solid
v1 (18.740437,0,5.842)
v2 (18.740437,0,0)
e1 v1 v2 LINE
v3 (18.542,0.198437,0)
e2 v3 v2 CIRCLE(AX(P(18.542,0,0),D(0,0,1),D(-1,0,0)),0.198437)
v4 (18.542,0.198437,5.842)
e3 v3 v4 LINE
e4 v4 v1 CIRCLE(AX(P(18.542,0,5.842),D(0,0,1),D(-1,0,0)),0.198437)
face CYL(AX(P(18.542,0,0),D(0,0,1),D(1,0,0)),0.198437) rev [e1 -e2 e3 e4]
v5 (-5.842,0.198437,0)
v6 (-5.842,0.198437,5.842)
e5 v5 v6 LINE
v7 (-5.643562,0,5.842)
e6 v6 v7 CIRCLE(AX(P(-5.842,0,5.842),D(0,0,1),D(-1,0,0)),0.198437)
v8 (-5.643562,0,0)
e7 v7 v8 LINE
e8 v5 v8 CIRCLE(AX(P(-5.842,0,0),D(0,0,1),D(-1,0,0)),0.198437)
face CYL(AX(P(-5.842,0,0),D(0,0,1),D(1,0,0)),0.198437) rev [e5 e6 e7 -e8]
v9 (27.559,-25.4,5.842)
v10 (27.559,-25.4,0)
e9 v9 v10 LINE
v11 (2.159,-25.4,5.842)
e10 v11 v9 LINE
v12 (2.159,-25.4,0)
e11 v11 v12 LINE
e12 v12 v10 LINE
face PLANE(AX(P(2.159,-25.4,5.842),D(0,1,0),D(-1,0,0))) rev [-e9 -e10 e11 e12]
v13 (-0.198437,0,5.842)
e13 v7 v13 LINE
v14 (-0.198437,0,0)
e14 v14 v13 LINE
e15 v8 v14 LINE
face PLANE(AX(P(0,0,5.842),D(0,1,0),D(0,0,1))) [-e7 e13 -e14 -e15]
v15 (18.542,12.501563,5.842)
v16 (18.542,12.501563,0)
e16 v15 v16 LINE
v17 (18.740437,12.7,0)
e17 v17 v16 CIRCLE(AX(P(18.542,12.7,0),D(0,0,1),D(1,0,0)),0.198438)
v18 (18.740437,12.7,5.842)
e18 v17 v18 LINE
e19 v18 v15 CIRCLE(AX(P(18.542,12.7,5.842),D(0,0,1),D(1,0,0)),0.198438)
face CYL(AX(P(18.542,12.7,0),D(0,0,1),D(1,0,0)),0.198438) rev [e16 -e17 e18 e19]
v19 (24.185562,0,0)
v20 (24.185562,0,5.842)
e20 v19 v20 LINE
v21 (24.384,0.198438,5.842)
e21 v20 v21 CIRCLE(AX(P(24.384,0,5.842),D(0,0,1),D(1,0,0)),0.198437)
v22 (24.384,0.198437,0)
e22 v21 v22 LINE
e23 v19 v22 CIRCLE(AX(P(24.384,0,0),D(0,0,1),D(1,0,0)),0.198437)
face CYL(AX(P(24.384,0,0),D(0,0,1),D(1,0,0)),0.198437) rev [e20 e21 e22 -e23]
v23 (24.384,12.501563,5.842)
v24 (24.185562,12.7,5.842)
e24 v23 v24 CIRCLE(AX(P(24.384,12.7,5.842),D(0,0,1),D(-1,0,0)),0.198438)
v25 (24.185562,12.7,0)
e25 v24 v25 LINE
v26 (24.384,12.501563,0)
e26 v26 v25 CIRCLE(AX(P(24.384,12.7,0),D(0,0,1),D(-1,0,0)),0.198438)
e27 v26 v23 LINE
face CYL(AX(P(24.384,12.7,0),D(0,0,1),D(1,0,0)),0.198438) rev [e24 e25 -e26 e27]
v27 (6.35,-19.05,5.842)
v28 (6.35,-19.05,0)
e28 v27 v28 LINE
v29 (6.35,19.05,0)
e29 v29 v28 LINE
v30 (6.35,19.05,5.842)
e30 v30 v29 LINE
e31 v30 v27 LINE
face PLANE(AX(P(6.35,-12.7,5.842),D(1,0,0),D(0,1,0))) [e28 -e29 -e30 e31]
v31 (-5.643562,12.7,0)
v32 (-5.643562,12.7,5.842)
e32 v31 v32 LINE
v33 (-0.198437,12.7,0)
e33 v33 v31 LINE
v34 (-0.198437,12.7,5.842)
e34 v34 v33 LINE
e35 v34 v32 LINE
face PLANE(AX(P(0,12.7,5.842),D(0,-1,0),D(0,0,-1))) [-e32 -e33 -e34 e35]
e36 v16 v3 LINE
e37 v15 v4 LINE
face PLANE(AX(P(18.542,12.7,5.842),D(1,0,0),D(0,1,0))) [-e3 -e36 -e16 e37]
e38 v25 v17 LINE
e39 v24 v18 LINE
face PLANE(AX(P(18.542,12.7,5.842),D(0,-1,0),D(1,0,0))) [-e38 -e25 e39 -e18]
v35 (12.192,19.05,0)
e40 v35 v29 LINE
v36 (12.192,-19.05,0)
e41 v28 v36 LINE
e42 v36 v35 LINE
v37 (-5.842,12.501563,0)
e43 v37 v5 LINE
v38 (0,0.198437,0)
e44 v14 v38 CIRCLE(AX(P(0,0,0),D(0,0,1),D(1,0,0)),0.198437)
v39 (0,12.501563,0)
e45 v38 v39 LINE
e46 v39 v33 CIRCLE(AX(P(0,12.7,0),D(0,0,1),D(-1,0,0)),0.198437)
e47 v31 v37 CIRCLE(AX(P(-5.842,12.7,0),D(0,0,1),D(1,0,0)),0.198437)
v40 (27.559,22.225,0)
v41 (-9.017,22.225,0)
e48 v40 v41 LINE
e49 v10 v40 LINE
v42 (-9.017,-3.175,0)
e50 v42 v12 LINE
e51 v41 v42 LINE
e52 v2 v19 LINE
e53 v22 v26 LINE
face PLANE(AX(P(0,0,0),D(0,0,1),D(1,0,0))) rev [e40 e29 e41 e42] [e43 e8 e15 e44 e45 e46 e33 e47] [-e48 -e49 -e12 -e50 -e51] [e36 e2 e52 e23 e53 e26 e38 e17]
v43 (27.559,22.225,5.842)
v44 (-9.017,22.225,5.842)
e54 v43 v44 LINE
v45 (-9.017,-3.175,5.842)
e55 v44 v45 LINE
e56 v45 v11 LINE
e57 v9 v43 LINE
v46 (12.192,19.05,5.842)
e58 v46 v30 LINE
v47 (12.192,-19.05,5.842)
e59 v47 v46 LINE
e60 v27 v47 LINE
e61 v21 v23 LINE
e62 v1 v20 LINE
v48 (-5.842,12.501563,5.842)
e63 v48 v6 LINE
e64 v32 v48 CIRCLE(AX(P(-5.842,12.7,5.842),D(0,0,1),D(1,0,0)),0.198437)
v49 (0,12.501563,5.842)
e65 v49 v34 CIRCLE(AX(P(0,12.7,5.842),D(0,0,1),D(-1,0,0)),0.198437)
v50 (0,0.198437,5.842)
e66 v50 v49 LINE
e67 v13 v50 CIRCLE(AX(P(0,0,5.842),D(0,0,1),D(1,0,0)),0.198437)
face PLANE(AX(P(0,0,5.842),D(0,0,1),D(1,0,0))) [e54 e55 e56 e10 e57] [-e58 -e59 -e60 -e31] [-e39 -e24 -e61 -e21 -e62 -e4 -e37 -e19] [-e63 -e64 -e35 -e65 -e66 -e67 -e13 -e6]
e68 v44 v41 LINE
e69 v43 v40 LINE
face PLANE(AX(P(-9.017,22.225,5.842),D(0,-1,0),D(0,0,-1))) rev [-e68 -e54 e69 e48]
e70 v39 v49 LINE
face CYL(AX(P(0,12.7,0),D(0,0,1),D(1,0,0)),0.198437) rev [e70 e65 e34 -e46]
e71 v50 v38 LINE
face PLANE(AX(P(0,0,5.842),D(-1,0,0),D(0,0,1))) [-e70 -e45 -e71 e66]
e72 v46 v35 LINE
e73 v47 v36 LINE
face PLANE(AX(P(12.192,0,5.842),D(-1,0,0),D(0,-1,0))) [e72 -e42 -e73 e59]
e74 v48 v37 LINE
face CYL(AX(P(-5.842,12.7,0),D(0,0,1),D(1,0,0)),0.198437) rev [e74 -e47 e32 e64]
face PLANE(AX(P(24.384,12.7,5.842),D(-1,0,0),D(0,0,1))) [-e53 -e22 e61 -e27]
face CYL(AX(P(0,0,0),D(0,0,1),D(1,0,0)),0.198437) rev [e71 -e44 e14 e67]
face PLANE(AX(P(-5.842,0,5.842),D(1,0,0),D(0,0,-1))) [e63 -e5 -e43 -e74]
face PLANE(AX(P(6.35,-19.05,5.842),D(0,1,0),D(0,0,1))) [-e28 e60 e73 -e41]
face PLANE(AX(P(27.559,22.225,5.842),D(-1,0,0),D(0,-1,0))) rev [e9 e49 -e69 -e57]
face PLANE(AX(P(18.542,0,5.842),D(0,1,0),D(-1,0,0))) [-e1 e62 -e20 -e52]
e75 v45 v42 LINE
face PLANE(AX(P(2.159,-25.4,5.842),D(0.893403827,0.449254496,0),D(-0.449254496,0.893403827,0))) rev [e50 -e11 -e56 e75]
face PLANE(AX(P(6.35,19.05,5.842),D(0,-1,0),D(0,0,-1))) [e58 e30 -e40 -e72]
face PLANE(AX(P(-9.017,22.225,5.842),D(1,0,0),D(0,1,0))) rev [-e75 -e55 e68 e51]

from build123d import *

# Parameters (mm, degrees)
SKETCH1_W           = 5.842
SKETCH1_H           = 12.7
BOSS_EXTRUDE1_DEPTH = 5.842
SKETCH2_R           = 0.1984375
CUT_EXTRUDE1_DEPTH  = 5.842


with BuildPart() as part:
    # Sketch1 → Boss-Extrude1 (new body)
    with BuildSketch(Plane.XY):
        Polygon((2.159, -25.4), (-9.017, -3.175), (-9.017, 22.225), (6.35, 22.225), (12.192, 22.225), (27.559, 22.225), (27.559, -25.4), align=None)
        with Locations((-2.921, 6.35)):
            Rectangle(SKETCH1_W, SKETCH1_H, mode=Mode.SUBTRACT)
        Polygon((12.192, 0), (12.192, -12.7), (12.192, -19.05), (6.35, -19.05), (6.35, -12.7), (6.35, 0), (6.35, 19.05), (12.192, 19.05), align=None, mode=Mode.SUBTRACT)
        with Locations((21.463, 6.35)):
            Rectangle(SKETCH1_W, SKETCH1_H, mode=Mode.SUBTRACT)
    extrude(amount=BOSS_EXTRUDE1_DEPTH)

    # Sketch2 → Cut-Extrude1 (cut)
    with BuildSketch(Plane.XY.offset(5.842)):
        with Locations((-5.842, 12.7)):
            Circle(SKETCH2_R)
        with Locations((0, 12.7)):
            Circle(SKETCH2_R)
        Circle(SKETCH2_R)
        with Locations((-5.842, 0)):
            Circle(SKETCH2_R)
        with Locations((24.384, 0)):
            Circle(SKETCH2_R)
        with Locations((18.542, 0)):
            Circle(SKETCH2_R)
        with Locations((18.542, 12.7)):
            Circle(SKETCH2_R)
        with Locations((24.384, 12.7)):
            Circle(SKETCH2_R)
    extrude(amount=-CUT_EXTRUDE1_DEPTH, mode=Mode.SUBTRACT)


solid = part.part
